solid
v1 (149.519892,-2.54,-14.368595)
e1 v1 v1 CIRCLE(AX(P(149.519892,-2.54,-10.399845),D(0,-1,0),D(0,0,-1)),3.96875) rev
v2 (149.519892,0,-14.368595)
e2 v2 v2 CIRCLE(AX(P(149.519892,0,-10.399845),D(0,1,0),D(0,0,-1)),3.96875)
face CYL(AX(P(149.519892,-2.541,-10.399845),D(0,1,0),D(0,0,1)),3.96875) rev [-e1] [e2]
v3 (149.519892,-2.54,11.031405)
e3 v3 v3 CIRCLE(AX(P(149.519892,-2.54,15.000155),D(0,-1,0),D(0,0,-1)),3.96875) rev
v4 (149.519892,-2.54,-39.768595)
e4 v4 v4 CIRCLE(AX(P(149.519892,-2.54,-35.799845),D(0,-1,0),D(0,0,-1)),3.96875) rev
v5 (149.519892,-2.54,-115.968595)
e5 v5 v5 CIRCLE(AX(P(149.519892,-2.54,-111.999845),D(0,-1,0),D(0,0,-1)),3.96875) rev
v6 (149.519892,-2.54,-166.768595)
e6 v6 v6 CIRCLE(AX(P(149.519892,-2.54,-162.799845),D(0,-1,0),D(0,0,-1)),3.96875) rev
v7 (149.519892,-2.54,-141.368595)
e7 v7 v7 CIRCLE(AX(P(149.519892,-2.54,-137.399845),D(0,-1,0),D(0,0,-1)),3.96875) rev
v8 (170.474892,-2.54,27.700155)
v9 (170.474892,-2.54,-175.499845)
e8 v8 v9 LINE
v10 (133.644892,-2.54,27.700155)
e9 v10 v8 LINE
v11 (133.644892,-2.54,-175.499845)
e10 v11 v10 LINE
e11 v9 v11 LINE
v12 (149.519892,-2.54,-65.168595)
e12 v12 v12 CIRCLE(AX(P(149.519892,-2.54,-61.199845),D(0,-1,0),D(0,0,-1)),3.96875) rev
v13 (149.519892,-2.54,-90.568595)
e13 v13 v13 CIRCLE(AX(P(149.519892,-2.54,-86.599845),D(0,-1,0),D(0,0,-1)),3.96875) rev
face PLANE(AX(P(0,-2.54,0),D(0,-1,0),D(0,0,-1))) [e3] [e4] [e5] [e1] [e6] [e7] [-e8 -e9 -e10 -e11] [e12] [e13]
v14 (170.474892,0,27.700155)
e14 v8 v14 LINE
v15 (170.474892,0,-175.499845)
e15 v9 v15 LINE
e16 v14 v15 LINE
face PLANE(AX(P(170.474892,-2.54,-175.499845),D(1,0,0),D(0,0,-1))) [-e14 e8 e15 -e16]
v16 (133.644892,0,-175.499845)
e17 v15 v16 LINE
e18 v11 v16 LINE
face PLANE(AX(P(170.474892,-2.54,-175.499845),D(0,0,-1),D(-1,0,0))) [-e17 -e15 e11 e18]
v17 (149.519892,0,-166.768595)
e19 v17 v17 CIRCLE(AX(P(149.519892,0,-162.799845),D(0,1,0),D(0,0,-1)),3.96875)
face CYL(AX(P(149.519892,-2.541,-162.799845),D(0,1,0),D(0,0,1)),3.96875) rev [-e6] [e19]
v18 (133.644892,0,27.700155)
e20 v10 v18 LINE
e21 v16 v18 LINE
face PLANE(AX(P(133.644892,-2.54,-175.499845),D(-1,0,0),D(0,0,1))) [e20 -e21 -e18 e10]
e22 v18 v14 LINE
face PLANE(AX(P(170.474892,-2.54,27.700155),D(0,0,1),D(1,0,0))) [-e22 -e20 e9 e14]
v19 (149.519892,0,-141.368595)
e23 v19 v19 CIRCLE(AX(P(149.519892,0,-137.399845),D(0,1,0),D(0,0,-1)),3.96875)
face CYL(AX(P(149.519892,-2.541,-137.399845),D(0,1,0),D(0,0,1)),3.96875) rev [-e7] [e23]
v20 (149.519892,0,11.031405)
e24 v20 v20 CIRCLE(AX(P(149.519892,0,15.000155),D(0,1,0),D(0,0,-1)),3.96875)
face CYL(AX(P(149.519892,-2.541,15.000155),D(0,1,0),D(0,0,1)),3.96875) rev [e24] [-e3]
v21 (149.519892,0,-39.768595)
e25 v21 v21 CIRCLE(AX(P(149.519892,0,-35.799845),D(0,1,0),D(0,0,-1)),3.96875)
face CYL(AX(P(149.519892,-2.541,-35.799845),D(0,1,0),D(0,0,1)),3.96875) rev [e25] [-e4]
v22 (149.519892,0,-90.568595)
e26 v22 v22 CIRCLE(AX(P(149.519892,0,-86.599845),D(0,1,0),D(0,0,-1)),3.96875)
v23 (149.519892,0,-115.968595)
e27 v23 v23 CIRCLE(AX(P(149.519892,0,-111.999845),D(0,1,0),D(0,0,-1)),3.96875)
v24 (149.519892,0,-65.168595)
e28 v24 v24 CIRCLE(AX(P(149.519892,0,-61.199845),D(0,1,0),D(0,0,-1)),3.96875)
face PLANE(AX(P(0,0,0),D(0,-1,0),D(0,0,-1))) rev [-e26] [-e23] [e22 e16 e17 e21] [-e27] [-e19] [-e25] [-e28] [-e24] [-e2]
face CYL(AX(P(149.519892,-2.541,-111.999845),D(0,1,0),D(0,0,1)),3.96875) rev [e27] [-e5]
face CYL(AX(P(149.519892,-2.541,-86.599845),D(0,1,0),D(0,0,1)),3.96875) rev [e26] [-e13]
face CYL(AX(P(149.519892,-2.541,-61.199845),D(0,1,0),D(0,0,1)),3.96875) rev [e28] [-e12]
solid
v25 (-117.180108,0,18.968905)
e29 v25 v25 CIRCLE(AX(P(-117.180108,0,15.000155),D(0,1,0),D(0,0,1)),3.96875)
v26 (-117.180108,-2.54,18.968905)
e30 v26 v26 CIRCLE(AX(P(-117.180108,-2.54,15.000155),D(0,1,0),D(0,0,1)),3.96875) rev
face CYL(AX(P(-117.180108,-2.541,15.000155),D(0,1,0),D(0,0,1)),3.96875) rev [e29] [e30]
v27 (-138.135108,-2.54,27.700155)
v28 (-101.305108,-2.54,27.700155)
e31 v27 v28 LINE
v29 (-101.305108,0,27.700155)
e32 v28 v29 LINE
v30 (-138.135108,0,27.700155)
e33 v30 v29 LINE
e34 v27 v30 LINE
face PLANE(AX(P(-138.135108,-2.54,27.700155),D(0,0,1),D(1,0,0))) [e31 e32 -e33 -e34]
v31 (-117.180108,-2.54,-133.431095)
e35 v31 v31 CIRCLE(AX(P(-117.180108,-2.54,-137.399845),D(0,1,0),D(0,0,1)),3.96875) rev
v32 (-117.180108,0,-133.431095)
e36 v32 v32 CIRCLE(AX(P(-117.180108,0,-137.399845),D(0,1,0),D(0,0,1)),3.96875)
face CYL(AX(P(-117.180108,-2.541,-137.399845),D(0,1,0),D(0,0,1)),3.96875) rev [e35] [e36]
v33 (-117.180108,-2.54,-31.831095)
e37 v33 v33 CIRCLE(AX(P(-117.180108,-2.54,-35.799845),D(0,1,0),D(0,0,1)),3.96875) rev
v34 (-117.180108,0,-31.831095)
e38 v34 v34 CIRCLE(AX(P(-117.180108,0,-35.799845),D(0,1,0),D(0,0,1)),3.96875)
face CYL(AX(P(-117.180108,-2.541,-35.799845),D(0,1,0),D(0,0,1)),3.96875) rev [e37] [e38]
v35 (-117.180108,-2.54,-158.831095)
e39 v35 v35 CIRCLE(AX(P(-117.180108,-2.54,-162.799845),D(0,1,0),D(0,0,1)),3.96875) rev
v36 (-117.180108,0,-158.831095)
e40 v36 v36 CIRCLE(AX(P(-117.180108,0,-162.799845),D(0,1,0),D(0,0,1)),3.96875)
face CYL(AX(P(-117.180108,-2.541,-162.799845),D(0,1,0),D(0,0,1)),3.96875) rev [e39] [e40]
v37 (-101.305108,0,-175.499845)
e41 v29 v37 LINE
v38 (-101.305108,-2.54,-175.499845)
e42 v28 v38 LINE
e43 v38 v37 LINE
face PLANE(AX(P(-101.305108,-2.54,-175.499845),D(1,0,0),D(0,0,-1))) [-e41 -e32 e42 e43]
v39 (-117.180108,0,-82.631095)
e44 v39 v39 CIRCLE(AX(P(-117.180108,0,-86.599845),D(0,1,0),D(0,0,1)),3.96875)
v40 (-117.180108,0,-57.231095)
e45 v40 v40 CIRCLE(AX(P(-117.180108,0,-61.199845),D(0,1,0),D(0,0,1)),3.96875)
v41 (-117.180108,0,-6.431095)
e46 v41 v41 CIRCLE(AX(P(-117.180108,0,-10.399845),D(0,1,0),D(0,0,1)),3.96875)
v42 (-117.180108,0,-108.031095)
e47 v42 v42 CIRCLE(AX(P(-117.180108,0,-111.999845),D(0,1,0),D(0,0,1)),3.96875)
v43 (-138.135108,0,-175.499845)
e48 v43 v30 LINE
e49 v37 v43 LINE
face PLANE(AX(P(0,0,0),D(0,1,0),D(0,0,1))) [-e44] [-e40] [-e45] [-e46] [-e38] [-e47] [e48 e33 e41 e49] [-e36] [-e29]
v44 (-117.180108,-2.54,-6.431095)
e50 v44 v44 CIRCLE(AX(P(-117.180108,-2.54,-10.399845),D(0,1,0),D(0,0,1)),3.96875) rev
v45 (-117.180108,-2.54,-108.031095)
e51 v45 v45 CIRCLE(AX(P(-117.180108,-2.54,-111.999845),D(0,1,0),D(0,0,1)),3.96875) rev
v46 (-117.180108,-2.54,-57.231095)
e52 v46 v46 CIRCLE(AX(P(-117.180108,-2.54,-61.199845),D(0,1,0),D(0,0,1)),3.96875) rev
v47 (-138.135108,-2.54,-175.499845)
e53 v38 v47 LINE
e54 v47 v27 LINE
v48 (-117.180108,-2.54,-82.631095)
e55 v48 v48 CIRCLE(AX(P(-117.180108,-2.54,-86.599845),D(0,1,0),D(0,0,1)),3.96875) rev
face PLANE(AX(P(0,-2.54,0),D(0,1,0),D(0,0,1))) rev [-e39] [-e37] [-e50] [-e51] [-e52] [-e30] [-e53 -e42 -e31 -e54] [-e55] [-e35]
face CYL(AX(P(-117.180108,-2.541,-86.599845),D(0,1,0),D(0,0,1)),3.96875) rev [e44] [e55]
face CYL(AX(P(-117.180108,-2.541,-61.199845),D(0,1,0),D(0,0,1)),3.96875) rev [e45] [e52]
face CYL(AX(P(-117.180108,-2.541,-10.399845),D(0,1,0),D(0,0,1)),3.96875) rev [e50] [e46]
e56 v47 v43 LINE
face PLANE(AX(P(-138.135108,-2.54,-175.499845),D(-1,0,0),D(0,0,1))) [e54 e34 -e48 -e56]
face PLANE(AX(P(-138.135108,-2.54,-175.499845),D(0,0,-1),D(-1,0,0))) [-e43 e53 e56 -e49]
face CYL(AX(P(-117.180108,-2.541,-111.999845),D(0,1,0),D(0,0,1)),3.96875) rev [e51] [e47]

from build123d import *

# Parameters (mm, degrees)
SKETCH1_W             = 36.83
SKETCH1_H             = 203.2
BOSS_EXTRUDE1_DEPTH   = 2.54
BOSS_EXTRUDE1_2_DEPTH = 2.54
SKETCH2_R             = 3.96875
CUT_EXTRUDE1_DEPTH    = 2.54


with BuildPart() as part:
    # Sketch1 → Boss-Extrude1 (new body)
    with BuildSketch(Plane(origin=(0, 0, 0), x_dir=(1, 0, 0), z_dir=(0, 1, 0))):
        with Locations((-119.720108359, 73.899845201)):
            Rectangle(SKETCH1_W, SKETCH1_H)
    extrude(amount=-BOSS_EXTRUDE1_DEPTH)


with BuildPart() as body_2:
    # Sketch1 → Boss-Extrude1 2 (new body)
    with BuildSketch(Plane(origin=(0, 0, 0), x_dir=(1, 0, 0), z_dir=(0, 1, 0))):
        with Locations((152.059891641, 73.899845201)):
            Rectangle(SKETCH1_W, SKETCH1_H)
    extrude(amount=-BOSS_EXTRUDE1_2_DEPTH)


with BuildPart() as cut_extrude1_tool:
    # Sketch2 → Cut-Extrude1 (new body)
    with BuildSketch(Plane(origin=(0, 0, 0), x_dir=(1, 0, 0), z_dir=(0, 1, 0))):
        with Locations((-117.180108359, 162.799845201)):
            Circle(SKETCH2_R)
        with Locations((-117.180108359, 137.399845201)):
            Circle(SKETCH2_R)
        with Locations((-117.180108359, 111.999845201)):
            Circle(SKETCH2_R)
        with Locations((-117.180108359, 86.599845201)):
            Circle(SKETCH2_R)
        with Locations((-117.180108359, 61.199845201)):
            Circle(SKETCH2_R)
        with Locations((-117.180108359, 35.799845201)):
            Circle(SKETCH2_R)
        with Locations((-117.180108359, 10.399845201)):
            Circle(SKETCH2_R)
        with Locations((-117.180108359, -15.000154799)):
            Circle(SKETCH2_R)
        with Locations((149.519891641, -15.000154799)):
            Circle(SKETCH2_R)
        with Locations((149.519891641, 10.399845201)):
            Circle(SKETCH2_R)
        with Locations((149.519891641, 35.799845201)):
            Circle(SKETCH2_R)
        with Locations((149.519891641, 61.199845201)):
            Circle(SKETCH2_R)
        with Locations((149.519891641, 86.599845201)):
            Circle(SKETCH2_R)
        with Locations((149.519891641, 111.999845201)):
            Circle(SKETCH2_R)
        with Locations((149.519891641, 137.399845201)):
            Circle(SKETCH2_R)
        with Locations((149.519891641, 162.799845201)):
            Circle(SKETCH2_R)
    extrude(amount=-CUT_EXTRUDE1_DEPTH)


with BuildPart() as part_1:
    add(part.part)

    # Cut-Extrude1: cut by cut_extrude1_tool
    add(cut_extrude1_tool.part, mode=Mode.SUBTRACT)


with BuildPart() as body_2_1:
    add(body_2.part)

    # Cut-Extrude1: cut by cut_extrude1_tool
    add(cut_extrude1_tool.part, mode=Mode.SUBTRACT)


solid = Compound([part_1.part, body_2_1.part])
